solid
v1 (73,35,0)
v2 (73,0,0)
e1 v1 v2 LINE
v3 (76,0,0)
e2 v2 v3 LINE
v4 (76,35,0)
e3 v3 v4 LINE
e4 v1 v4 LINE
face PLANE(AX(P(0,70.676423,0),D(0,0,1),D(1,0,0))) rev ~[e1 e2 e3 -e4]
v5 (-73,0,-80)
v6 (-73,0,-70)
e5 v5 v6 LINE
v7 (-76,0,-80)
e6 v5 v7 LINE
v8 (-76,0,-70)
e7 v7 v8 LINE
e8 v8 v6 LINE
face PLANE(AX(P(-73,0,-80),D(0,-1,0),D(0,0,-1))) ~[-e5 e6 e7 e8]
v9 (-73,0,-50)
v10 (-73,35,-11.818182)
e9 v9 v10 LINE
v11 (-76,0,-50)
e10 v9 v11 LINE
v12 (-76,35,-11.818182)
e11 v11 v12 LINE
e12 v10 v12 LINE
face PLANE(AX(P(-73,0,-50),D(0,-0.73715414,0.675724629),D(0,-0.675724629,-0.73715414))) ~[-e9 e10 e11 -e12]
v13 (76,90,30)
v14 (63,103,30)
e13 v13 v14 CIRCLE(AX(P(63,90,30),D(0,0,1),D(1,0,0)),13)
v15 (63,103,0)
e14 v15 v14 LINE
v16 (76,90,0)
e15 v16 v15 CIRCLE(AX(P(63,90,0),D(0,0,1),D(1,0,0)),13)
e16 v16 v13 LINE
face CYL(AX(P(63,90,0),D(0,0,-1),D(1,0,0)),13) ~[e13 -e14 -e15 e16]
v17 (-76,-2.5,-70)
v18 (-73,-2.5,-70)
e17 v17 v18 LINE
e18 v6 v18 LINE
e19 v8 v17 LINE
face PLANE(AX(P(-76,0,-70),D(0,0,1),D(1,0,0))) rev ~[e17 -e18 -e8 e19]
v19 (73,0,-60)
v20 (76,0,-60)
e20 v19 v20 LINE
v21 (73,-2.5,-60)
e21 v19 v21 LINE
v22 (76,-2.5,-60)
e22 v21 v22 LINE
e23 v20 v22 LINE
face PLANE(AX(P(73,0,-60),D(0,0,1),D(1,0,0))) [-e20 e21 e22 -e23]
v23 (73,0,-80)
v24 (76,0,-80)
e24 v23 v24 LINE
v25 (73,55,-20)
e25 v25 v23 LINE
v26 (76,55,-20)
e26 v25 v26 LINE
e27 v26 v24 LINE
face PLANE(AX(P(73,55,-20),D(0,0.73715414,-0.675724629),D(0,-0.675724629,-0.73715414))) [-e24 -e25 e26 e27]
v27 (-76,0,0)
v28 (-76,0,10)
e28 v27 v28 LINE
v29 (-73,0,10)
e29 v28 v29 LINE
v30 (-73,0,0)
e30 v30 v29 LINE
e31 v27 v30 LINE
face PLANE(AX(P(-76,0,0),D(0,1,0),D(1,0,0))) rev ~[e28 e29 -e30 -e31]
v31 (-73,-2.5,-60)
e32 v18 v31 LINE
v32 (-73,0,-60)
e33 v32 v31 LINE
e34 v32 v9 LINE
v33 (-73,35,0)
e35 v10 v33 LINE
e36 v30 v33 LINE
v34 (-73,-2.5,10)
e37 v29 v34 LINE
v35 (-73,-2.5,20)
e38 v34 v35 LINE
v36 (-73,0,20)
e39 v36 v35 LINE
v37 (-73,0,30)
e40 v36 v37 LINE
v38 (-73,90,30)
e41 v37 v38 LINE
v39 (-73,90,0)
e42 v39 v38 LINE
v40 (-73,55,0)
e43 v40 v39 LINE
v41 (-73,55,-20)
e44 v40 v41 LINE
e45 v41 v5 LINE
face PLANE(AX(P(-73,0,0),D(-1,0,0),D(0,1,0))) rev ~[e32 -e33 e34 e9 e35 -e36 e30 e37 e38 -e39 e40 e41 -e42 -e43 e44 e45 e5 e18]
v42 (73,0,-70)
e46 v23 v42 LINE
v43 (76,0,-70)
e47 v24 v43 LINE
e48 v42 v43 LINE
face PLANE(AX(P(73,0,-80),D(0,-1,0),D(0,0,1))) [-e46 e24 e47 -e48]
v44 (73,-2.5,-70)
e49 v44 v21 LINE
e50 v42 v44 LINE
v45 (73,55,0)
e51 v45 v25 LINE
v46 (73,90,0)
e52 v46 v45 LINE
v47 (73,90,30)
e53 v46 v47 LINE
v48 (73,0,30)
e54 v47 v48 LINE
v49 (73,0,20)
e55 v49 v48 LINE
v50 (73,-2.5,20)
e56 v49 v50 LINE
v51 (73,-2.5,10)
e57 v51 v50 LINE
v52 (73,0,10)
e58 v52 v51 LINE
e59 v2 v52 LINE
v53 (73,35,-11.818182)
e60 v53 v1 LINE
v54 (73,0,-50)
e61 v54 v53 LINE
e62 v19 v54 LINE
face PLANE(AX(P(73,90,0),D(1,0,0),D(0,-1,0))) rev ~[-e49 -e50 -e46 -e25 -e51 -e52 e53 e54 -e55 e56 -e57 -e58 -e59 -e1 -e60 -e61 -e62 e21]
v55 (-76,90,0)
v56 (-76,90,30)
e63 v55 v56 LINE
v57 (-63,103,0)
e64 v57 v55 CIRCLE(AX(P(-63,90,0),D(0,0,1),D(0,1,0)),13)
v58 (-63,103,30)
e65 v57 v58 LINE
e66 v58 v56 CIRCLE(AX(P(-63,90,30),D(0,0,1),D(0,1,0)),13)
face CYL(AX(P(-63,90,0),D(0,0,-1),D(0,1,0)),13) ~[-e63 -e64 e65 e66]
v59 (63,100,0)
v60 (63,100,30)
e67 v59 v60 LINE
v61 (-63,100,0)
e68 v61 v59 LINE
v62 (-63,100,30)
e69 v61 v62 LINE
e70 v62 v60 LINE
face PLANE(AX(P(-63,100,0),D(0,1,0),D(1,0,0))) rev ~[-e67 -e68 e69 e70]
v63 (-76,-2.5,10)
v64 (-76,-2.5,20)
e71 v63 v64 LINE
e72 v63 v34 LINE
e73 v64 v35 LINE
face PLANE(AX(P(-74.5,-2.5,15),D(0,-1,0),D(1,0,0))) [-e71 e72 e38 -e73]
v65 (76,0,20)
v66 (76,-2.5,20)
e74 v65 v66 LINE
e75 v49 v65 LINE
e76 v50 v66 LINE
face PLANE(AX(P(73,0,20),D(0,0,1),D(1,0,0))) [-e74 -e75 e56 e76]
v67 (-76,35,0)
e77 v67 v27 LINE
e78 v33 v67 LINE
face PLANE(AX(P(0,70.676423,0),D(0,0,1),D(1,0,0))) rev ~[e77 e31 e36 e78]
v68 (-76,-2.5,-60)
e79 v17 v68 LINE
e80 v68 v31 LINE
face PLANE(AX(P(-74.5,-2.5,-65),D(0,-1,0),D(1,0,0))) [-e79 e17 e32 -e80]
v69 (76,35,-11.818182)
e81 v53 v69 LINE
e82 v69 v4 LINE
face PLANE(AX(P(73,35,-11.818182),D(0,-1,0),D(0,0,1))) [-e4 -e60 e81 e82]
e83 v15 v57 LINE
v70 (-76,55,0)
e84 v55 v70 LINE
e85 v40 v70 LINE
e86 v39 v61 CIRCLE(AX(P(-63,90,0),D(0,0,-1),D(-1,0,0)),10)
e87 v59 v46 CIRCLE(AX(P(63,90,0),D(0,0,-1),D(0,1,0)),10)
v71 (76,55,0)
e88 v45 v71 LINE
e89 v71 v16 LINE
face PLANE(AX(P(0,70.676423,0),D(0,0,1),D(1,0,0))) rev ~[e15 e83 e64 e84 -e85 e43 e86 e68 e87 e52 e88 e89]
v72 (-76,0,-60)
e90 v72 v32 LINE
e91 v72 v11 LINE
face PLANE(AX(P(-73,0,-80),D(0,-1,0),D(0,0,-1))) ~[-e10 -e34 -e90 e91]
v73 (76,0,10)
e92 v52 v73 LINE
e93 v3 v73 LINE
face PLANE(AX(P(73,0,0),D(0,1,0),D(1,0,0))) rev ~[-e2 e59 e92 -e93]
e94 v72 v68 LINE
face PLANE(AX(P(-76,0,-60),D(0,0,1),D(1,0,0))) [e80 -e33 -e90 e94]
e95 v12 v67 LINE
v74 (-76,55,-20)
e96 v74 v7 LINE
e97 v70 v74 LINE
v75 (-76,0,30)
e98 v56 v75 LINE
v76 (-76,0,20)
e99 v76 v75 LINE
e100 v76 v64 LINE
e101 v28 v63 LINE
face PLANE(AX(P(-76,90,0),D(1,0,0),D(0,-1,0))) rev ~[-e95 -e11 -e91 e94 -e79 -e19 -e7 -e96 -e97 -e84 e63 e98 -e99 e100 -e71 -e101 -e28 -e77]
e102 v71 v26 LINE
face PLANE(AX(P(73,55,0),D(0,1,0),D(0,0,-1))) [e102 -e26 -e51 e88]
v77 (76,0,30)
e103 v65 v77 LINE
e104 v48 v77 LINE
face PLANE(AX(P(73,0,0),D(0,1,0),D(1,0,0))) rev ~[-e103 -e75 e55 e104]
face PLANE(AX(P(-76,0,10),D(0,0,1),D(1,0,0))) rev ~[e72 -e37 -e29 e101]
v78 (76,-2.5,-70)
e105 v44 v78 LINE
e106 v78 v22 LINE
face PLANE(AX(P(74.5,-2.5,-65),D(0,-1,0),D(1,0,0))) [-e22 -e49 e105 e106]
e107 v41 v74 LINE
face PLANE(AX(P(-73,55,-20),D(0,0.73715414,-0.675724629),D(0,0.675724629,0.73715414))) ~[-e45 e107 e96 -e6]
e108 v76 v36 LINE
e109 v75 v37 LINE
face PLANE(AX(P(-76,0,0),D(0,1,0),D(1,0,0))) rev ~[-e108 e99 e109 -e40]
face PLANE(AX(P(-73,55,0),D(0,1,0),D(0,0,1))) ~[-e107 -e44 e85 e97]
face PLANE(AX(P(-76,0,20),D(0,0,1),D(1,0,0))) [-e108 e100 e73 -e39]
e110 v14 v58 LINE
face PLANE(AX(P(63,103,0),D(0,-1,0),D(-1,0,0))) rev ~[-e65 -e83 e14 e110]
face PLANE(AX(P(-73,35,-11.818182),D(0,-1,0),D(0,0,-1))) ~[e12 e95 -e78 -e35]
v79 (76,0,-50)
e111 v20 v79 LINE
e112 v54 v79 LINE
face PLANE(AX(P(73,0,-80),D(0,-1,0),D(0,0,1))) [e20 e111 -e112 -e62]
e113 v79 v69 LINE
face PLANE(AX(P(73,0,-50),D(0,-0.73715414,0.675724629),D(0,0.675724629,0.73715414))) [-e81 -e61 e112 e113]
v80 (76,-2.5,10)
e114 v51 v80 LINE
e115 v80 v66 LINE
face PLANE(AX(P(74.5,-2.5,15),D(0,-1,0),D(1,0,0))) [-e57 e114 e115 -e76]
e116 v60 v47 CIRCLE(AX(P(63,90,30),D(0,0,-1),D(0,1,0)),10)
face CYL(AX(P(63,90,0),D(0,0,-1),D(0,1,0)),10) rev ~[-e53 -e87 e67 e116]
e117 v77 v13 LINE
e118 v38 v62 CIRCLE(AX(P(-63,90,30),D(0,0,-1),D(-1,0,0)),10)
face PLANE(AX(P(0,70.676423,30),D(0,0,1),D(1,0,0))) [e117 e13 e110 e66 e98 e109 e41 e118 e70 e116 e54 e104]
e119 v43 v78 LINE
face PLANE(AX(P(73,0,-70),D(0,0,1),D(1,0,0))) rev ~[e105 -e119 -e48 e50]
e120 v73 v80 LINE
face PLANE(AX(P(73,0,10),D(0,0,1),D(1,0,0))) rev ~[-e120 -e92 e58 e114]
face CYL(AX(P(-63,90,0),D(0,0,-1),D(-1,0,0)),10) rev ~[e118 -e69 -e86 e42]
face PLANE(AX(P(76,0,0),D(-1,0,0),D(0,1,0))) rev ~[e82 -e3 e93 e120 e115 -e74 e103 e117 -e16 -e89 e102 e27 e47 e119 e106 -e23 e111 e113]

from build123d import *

# Parameters (mm, degrees)
BOSS_EXTRUDE1_DEPTH = 30
BOSS_EXTRUDE2_START = 73
BOSS_EXTRUDE2_DEPTH = 3
SKETCH3_W           = 3
SKETCH3_H           = 10
BOSS_EXTRUDE3_DEPTH = 2.5


with BuildPart() as part:
    # Sketch1 → Boss-Extrude1 (new body)
    with BuildSketch(Plane.XY):
        with BuildLine():
            Line((-73, 0), (-73, 90))
            ThreePointArc((-73, 90), (-70.071067812, 97.071067812), (-63, 100))
            Line((-63, 100), (63, 100))
            ThreePointArc((63, 100), (70.071067812, 97.071067812), (73, 90))
            Line((73, 90), (73, 0))
            Line((73, 0), (76, 0))
            Line((76, 0), (76, 90))
            ThreePointArc((76, 90), (72.192388155, 99.192388155), (63, 103))
            Line((63, 103), (-63, 103))
            ThreePointArc((-63, 103), (-72.192388155, 99.192388155), (-76, 90))
            Line((-76, 90), (-76, 0))
            Line((-76, 0), (-73, 0))
        make_face()
    extrude(amount=BOSS_EXTRUDE1_DEPTH)

    # Sketch2 → Boss-Extrude2 (add)
    with BuildSketch(Plane(origin=(0, 0, 0), x_dir=(0, 0, -1), z_dir=(1, 0, 0)).offset(BOSS_EXTRUDE2_START)):
        Polygon((0, 55), (20, 55), (80, 0), (50, 0), (11.818181818, 35), (0, 35), align=None)
    boss_extrude2 = extrude(amount=BOSS_EXTRUDE2_DEPTH)

    # Mirror1: Boss-Extrude2 across plane
    add(boss_extrude2.mirror(Plane(origin=(0, 0, 0), x_dir=(0, 0, 1), z_dir=(1, 0, 0))))

    # Sketch3 → Boss-Extrude3 (add)
    with BuildSketch(Plane.XZ):
        with Locations((-74.5, 15)):
            Rectangle(SKETCH3_W, SKETCH3_H)
        with Locations((-74.5, -65)):
            Rectangle(SKETCH3_W, SKETCH3_H)
        with Locations((74.5, -65)):
            Rectangle(SKETCH3_W, SKETCH3_H)
        with Locations((74.5, 15)):
            Rectangle(SKETCH3_W, SKETCH3_H)
    extrude(amount=BOSS_EXTRUDE3_DEPTH)


solid = part.part
